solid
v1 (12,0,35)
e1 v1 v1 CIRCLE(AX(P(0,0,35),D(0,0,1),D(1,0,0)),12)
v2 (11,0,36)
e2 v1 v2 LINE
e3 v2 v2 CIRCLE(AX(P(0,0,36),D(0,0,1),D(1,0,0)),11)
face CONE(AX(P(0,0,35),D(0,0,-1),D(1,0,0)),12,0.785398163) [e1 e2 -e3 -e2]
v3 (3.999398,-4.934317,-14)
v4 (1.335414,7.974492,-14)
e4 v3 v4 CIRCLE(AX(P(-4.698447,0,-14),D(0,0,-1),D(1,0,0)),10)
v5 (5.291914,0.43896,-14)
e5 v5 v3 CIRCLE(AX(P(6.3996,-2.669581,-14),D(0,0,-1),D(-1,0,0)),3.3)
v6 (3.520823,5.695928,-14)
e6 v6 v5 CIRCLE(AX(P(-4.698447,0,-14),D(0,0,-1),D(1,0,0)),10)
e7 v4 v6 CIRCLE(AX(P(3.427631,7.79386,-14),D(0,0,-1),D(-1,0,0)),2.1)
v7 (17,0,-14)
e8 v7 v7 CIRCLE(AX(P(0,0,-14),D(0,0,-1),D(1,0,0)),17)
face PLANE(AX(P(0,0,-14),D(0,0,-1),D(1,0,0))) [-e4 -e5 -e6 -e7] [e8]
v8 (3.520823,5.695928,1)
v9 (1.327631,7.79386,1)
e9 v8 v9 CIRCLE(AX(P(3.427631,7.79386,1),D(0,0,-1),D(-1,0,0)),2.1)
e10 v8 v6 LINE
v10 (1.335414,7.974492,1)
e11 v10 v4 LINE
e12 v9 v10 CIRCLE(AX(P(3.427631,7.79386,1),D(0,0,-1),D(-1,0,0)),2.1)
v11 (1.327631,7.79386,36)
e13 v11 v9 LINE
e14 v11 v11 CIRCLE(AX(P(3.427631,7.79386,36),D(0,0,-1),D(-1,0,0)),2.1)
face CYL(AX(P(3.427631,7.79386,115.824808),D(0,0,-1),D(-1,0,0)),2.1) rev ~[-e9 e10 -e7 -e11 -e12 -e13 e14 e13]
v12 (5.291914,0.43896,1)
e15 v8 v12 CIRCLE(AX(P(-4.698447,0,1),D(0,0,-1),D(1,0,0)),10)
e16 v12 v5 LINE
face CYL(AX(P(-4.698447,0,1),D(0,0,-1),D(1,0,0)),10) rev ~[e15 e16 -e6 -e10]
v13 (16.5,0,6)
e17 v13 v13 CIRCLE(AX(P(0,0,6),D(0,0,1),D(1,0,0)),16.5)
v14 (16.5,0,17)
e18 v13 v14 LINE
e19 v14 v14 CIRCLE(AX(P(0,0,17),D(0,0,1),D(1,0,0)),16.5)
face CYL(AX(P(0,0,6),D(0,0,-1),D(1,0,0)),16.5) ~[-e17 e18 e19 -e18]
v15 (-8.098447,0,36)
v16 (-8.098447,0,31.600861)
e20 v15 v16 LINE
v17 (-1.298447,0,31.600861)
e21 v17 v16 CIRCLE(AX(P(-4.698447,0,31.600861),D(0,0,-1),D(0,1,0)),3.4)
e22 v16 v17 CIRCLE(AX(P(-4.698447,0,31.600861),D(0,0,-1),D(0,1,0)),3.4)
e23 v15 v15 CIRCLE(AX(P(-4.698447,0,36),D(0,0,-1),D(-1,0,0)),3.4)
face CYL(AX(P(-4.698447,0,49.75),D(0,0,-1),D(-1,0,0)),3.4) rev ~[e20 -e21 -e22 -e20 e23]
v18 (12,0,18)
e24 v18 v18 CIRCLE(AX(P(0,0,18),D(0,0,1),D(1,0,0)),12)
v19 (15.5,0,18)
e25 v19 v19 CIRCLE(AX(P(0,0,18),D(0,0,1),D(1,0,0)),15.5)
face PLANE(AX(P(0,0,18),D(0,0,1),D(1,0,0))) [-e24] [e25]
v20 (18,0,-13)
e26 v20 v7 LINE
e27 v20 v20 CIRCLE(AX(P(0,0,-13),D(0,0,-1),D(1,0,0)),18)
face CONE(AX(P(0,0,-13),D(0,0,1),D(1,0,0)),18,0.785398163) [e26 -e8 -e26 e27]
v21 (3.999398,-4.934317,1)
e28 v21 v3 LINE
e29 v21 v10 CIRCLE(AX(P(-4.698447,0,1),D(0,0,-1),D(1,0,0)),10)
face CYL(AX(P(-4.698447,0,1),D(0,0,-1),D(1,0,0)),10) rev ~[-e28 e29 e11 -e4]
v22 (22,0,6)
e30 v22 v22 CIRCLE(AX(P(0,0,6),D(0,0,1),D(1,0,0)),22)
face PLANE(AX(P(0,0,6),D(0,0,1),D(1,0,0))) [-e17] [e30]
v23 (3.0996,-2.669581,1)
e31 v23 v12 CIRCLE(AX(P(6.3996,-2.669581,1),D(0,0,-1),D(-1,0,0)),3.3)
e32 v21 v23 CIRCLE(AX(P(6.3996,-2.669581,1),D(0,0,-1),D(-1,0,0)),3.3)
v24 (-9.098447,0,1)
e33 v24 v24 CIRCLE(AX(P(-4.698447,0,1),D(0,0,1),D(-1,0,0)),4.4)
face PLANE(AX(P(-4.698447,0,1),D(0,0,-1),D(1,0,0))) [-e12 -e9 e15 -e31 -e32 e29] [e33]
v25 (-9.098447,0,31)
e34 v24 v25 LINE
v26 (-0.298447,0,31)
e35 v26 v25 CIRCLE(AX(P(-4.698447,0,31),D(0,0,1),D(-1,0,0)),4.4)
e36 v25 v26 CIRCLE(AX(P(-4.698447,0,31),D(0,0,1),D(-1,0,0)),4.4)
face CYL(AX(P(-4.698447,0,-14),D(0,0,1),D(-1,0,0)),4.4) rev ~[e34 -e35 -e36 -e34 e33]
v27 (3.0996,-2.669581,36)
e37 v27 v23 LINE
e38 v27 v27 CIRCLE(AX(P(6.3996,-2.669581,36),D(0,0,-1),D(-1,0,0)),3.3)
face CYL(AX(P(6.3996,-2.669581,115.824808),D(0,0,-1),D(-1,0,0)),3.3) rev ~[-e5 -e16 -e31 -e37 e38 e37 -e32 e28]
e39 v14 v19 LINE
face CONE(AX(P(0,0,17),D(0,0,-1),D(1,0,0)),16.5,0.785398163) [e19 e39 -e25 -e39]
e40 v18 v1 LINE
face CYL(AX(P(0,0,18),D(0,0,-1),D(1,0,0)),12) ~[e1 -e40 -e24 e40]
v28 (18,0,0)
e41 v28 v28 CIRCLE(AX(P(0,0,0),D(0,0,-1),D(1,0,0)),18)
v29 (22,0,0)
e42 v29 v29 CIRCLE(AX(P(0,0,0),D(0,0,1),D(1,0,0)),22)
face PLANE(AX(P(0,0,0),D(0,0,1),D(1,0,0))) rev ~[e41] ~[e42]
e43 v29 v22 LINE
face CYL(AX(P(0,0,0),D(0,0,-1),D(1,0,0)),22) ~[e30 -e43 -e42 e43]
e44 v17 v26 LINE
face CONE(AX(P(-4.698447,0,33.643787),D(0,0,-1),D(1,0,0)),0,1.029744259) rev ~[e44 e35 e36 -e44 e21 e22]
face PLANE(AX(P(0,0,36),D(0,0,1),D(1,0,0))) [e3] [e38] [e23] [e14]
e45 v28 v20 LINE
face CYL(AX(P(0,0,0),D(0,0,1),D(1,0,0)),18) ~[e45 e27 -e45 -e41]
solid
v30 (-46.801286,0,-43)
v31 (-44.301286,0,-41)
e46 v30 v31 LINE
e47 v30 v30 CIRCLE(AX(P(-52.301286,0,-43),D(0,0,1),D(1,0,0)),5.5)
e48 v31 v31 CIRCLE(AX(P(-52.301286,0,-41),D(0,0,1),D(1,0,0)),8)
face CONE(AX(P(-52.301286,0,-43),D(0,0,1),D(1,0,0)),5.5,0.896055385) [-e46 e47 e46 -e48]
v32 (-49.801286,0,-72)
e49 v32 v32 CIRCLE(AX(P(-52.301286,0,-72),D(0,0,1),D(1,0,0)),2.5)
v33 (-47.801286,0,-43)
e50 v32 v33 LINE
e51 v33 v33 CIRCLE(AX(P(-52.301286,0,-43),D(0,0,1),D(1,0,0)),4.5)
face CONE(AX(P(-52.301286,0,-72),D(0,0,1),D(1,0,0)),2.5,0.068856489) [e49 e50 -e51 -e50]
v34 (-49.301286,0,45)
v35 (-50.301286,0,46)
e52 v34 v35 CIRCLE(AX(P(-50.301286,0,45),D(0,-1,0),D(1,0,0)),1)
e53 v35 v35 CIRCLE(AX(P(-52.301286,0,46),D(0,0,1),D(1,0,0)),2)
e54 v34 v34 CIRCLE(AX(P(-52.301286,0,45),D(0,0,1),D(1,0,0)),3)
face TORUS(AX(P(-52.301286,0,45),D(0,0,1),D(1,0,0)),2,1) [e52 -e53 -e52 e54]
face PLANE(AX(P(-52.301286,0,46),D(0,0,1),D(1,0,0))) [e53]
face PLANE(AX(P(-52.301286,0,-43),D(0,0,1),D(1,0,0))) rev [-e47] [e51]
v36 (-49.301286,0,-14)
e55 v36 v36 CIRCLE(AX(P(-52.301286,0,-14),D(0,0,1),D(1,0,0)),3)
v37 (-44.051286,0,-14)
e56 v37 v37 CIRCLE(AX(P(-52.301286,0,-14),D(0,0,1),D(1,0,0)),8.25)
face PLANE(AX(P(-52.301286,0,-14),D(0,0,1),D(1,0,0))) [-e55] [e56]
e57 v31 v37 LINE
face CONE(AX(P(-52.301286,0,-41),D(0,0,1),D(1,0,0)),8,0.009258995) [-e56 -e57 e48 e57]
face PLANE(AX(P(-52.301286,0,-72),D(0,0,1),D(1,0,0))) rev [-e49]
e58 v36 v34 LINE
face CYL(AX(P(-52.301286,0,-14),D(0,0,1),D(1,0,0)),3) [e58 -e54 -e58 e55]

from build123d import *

# Parameters (mm, degrees)
F0_R            = 22
F1_DEPTH        = 6
F2_R            = 16.5
F3_DEPTH        = 12
F4_R            = 12
F5_DEPTH        = 18
F6_R            = 18
F7_DEPTH        = 14
F8_SIZE         = 1
F9_SIZE         = 1
F14_D           = 6.8
F14_DEPTH       = 13.75
F14_TIP         = 2.0429261047
F15_D           = 8.8
F15_DEPTH       = 45
F15_CBORE_D     = 20
F15_CBORE_DEPTH = 15
F15_TIP         = 2.6437867237
F16_D           = 6.6
F17_D           = 4.2


with BuildPart() as f1:
    # F0 (on Top) → F1 (new body)
    with BuildSketch(Plane.XY):
        Circle(F0_R)
    extrude(amount=F1_DEPTH)

    # F2 (on face) → F3 (join)
    with BuildSketch(Plane.XY.offset(6)):
        Circle(F2_R)
    extrude(amount=F3_DEPTH)

    # F4 (on face) → F5 (join)
    with BuildSketch(Plane.XY.offset(18)):
        Circle(F4_R)
    extrude(amount=F5_DEPTH)

    # F6 (on face) → F7 (join)
    with BuildSketch(Plane(origin=(0, 0, 0), x_dir=(1, 0, 0), z_dir=(0, 0, -1))):
        Circle(F6_R)
    extrude(amount=F7_DEPTH)

    # F8
    f8_edges = [f1.edges().sort_by_distance(p)[0] for p in [
        (-18, 0, -14),
        (-16.5, 0, 18),
    ]]
    chamfer(f8_edges, length=F8_SIZE)

    # F9
    f9_edges = [f1.edges().sort_by_distance(p)[0] for p in [
        (-12, 0, 36),
    ]]
    chamfer(f9_edges, length=F9_SIZE)

    # F14
    with Locations(Plane.XY.offset(36)):
        with Locations((-4.6984474175, 0)):
            Hole(F14_D / 2, depth=F14_DEPTH)
            with Locations((0, 0, -(F14_DEPTH + F14_TIP / 2))):  # 118° drill point
                Cone(0, F14_D / 2, F14_TIP, mode=Mode.SUBTRACT)

    # F15
    with Locations(Plane(origin=(0, 0, -14), x_dir=(1, 0, 0), z_dir=(0, 0, -1))):
        with Locations((-4.6984474175, 0)):
            CounterBoreHole(F15_D / 2, F15_CBORE_D / 2, F15_CBORE_DEPTH, depth=F15_DEPTH)
            with Locations((0, 0, -(F15_DEPTH + F15_TIP / 2))):  # 118° drill point
                Cone(0, F15_D / 2, F15_TIP, mode=Mode.SUBTRACT)

    # F16 (through all)
    with Locations(Plane.XY.offset(36)):
        with Locations((6.3995998353, -2.6695812121)):
            Hole(F16_D / 2)

    # F17 (through all)
    with Locations(Plane.XY.offset(36)):
        with Locations((3.4276307561, 7.7938595787)):
            Hole(F17_D / 2)


with BuildPart() as f11:
    # F10 (on Front) → F11 (revolve)
    with BuildSketch(Plane.XZ):
        with BuildLine():
            Line((-44.3012864141, -41), (-44.0512864141, -14))
            Line((-44.0512864141, -14), (-49.3012864141, -14))
            Line((-49.3012864141, -14), (-49.3012864141, 45))
            ThreePointArc((-49.3012864141, 45), (-49.5941796329, 45.7071067812), (-50.3012864141, 46))
            Line((-50.3012864141, 46), (-52.3012864141, 46))
            Line((-52.3012864141, 46), (-52.3012864141, -41.5))
            Line((-52.3012864141, -41.5), (-52.3012864141, -72))
            Line((-52.3012864141, -72), (-49.8012864141, -72))
            Line((-49.8012864141, -72), (-47.8012864141, -43))
            Line((-47.8012864141, -43), (-46.8012864141, -43))
            Line((-46.8012864141, -43), (-44.3012864141, -41))
        make_face()
    revolve(axis=Axis((-52.3012864141, 0, 2.25), (0, 0, 1)))


solid = Compound([f1.part, f11.part])
